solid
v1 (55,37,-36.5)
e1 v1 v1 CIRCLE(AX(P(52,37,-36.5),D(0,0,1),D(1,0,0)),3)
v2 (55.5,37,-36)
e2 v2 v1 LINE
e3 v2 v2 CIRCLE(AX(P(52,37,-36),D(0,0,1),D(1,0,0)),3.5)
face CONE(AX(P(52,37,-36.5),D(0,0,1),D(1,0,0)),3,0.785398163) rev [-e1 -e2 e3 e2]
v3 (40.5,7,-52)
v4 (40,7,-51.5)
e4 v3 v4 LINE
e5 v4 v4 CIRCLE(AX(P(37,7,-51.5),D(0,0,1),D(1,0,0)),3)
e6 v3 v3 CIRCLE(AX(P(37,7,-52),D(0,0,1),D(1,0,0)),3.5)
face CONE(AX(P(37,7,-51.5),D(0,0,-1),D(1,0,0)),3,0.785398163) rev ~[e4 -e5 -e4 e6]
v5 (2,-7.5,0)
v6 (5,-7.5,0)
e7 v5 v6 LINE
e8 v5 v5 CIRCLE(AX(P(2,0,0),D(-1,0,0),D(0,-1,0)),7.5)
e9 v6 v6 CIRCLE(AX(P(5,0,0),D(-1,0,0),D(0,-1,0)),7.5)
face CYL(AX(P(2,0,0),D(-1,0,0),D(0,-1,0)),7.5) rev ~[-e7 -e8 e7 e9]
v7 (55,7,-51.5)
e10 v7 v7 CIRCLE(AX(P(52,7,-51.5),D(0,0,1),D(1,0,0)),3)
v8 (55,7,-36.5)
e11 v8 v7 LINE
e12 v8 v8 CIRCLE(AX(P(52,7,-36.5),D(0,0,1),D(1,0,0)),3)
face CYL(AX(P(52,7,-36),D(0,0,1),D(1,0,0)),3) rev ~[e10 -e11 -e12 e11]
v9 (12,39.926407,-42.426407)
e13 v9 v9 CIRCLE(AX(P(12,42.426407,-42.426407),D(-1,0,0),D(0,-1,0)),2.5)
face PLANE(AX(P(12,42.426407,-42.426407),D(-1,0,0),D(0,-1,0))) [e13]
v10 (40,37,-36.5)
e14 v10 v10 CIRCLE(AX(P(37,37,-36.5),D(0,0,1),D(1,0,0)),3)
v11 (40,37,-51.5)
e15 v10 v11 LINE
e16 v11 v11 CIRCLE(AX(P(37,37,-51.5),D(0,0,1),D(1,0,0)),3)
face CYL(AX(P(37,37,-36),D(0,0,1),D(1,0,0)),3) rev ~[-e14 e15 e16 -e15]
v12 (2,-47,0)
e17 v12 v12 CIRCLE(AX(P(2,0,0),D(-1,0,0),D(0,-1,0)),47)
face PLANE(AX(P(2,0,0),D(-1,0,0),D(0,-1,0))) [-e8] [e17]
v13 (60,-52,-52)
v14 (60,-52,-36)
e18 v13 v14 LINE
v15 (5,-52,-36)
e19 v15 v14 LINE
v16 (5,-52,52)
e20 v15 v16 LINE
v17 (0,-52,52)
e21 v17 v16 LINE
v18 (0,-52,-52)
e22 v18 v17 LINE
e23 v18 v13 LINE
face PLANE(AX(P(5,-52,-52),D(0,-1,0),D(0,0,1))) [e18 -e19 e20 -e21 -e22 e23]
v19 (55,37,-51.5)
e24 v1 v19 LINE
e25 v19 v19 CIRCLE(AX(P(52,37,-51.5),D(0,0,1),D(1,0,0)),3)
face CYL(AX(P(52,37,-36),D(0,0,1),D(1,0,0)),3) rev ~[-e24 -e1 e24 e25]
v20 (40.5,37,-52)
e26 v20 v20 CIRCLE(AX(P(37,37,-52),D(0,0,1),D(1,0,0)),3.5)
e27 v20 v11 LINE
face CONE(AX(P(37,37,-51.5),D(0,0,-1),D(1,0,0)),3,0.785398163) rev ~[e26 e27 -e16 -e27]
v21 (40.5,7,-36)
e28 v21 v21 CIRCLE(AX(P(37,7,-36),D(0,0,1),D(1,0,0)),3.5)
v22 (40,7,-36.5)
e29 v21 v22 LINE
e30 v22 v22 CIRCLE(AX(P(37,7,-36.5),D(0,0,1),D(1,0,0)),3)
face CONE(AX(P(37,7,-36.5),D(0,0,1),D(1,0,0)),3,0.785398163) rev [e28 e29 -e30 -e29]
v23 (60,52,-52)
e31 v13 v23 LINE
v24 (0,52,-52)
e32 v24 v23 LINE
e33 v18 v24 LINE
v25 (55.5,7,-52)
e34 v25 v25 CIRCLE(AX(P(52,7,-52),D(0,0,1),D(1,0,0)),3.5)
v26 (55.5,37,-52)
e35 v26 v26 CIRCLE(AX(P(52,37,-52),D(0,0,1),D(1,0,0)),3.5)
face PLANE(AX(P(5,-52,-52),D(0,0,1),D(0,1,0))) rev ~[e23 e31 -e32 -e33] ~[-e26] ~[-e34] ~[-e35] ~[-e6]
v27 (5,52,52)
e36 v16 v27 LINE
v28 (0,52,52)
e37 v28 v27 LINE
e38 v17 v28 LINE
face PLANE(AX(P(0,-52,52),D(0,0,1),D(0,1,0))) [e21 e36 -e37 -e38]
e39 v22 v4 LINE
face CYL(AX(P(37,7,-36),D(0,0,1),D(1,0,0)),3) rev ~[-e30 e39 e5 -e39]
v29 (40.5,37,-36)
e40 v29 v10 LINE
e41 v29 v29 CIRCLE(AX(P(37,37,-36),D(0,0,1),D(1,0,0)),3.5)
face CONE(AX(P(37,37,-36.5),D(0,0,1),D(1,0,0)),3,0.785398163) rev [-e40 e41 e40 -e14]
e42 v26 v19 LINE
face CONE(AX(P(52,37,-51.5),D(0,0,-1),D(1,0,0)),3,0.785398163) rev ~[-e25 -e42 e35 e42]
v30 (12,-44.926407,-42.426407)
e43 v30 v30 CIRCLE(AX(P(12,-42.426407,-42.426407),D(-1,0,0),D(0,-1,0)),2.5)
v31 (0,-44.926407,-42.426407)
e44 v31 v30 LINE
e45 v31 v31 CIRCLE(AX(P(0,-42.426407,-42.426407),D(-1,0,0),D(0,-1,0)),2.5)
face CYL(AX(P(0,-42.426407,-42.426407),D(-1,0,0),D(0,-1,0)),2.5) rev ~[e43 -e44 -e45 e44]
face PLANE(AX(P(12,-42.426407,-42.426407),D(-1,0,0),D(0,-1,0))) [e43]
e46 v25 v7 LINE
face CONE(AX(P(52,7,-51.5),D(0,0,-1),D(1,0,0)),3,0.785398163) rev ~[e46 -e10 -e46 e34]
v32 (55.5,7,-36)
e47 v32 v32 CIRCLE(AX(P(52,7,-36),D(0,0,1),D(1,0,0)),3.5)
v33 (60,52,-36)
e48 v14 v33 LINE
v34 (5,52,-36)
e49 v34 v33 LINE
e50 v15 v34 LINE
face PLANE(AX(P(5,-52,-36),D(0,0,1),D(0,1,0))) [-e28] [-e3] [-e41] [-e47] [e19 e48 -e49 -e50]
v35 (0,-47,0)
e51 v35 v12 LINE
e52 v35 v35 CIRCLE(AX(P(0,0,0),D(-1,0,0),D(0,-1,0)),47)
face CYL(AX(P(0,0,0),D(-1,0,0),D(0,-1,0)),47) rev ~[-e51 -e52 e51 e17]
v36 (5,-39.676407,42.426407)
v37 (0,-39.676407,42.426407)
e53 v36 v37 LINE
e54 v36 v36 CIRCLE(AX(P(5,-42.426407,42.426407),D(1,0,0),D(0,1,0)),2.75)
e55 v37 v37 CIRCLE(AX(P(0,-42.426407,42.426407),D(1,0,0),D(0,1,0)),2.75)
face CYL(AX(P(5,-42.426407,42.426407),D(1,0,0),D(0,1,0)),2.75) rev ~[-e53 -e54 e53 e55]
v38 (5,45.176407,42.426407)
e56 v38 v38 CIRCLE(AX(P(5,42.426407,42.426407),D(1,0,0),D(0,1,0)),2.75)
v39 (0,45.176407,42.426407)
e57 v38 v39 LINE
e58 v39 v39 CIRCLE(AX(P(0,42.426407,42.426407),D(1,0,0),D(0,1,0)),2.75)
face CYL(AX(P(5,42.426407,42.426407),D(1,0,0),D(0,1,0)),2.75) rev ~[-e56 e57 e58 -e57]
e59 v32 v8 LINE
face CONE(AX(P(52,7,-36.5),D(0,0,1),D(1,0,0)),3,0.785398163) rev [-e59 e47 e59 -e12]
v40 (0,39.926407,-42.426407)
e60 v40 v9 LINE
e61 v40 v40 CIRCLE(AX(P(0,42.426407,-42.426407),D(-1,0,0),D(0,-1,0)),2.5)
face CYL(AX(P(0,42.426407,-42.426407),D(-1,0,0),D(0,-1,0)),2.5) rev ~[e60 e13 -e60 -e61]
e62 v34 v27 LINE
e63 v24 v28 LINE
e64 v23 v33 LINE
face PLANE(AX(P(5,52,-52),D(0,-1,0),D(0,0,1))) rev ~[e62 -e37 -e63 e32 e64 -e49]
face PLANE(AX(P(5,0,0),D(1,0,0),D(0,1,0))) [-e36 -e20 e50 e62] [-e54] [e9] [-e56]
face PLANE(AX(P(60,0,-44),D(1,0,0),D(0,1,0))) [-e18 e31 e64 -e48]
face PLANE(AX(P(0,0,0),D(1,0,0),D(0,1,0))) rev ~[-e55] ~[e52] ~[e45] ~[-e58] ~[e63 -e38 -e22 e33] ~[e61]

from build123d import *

# Parameters (mm, degrees)
F0_W      = 104
F0_H      = 104
F1_DEPTH  = 5
F2_R      = 2.75
F3_DEPTH  = 5.001
F4_W      = 104
F4_H      = 16
F5_DEPTH  = 55
F6_R      = 2.5
F7_DEPTH  = 12
F9_R      = 47
F10_DEPTH = 2
F11_R     = 7.5
F12_DEPTH = 58.001
F8_R      = 3
F13_DEPTH = 16.001
F14_SIZE  = 0.5


with BuildPart() as f1:
    # F0 (on Right) → F1 (new body)
    with BuildSketch(Plane.YZ):
        Rectangle(F0_W, F0_H)
    extrude(amount=F1_DEPTH)

    # F2 (on face) → F3 (cut, through all)
    with BuildSketch(Plane.YZ.offset(5)):
        with Locations((42.426407, 42.426407)):
            Circle(F2_R)
        with Locations((-42.426407, 42.426407)):
            Circle(F2_R)
    extrude(amount=-F3_DEPTH, mode=Mode.SUBTRACT)

    # F4 (on face) → F5 (join)
    with BuildSketch(Plane.YZ.offset(5)):
        with Locations((0, -44)):
            Rectangle(F4_W, F4_H)
    extrude(amount=F5_DEPTH)

    # F6 (on face) → F7 (cut)
    with BuildSketch(Plane(origin=(0, 0, 0), x_dir=(0, -1, 0), z_dir=(-1, 0, 0))):
        with Locations((-42.426407, -42.426407)):
            Circle(F6_R)
        with Locations((42.426407, -42.426407)):
            Circle(F6_R)
    extrude(amount=-F7_DEPTH, mode=Mode.SUBTRACT)

    # F9 (on face) → F10 (cut)
    with BuildSketch(Plane(origin=(0, 0, 0), x_dir=(0, -1, 0), z_dir=(-1, 0, 0))):
        Circle(F9_R)
    extrude(amount=-F10_DEPTH, mode=Mode.SUBTRACT)

    # F11 (on face) → F12 (cut, through all)
    with BuildSketch(Plane(origin=(2, 0, 0), x_dir=(0, -1, 0), z_dir=(-1, 0, 0))):
        Circle(F11_R)
    extrude(amount=-F12_DEPTH, mode=Mode.SUBTRACT)

    # F8 (on face) → F13 (cut, through all)
    with BuildSketch(Plane.XY.offset(-36)):
        with Locations((52, 37)):
            Circle(F8_R)
        with Locations((52, 7)):
            Circle(F8_R)
        with Locations((37, 37)):
            Circle(F8_R)
        with Locations((37, 7)):
            Circle(F8_R)
    extrude(amount=-F13_DEPTH, mode=Mode.SUBTRACT)

    # F14
    f14_edges = [f1.edges().sort_by_distance(p)[0] for p in [
        (34, 37, -36),
        (40, 37, -44),
        (34, 37, -52),
        (49, 37, -36),
        (55, 37, -44),
        (49, 37, -52),
        (34, 7, -36),
        (40, 7, -44),
        (34, 7, -52),
        (49, 7, -36),
        (55, 7, -44),
        (49, 7, -52),
    ]]
    chamfer(f14_edges, length=F14_SIZE)


solid = f1.part
